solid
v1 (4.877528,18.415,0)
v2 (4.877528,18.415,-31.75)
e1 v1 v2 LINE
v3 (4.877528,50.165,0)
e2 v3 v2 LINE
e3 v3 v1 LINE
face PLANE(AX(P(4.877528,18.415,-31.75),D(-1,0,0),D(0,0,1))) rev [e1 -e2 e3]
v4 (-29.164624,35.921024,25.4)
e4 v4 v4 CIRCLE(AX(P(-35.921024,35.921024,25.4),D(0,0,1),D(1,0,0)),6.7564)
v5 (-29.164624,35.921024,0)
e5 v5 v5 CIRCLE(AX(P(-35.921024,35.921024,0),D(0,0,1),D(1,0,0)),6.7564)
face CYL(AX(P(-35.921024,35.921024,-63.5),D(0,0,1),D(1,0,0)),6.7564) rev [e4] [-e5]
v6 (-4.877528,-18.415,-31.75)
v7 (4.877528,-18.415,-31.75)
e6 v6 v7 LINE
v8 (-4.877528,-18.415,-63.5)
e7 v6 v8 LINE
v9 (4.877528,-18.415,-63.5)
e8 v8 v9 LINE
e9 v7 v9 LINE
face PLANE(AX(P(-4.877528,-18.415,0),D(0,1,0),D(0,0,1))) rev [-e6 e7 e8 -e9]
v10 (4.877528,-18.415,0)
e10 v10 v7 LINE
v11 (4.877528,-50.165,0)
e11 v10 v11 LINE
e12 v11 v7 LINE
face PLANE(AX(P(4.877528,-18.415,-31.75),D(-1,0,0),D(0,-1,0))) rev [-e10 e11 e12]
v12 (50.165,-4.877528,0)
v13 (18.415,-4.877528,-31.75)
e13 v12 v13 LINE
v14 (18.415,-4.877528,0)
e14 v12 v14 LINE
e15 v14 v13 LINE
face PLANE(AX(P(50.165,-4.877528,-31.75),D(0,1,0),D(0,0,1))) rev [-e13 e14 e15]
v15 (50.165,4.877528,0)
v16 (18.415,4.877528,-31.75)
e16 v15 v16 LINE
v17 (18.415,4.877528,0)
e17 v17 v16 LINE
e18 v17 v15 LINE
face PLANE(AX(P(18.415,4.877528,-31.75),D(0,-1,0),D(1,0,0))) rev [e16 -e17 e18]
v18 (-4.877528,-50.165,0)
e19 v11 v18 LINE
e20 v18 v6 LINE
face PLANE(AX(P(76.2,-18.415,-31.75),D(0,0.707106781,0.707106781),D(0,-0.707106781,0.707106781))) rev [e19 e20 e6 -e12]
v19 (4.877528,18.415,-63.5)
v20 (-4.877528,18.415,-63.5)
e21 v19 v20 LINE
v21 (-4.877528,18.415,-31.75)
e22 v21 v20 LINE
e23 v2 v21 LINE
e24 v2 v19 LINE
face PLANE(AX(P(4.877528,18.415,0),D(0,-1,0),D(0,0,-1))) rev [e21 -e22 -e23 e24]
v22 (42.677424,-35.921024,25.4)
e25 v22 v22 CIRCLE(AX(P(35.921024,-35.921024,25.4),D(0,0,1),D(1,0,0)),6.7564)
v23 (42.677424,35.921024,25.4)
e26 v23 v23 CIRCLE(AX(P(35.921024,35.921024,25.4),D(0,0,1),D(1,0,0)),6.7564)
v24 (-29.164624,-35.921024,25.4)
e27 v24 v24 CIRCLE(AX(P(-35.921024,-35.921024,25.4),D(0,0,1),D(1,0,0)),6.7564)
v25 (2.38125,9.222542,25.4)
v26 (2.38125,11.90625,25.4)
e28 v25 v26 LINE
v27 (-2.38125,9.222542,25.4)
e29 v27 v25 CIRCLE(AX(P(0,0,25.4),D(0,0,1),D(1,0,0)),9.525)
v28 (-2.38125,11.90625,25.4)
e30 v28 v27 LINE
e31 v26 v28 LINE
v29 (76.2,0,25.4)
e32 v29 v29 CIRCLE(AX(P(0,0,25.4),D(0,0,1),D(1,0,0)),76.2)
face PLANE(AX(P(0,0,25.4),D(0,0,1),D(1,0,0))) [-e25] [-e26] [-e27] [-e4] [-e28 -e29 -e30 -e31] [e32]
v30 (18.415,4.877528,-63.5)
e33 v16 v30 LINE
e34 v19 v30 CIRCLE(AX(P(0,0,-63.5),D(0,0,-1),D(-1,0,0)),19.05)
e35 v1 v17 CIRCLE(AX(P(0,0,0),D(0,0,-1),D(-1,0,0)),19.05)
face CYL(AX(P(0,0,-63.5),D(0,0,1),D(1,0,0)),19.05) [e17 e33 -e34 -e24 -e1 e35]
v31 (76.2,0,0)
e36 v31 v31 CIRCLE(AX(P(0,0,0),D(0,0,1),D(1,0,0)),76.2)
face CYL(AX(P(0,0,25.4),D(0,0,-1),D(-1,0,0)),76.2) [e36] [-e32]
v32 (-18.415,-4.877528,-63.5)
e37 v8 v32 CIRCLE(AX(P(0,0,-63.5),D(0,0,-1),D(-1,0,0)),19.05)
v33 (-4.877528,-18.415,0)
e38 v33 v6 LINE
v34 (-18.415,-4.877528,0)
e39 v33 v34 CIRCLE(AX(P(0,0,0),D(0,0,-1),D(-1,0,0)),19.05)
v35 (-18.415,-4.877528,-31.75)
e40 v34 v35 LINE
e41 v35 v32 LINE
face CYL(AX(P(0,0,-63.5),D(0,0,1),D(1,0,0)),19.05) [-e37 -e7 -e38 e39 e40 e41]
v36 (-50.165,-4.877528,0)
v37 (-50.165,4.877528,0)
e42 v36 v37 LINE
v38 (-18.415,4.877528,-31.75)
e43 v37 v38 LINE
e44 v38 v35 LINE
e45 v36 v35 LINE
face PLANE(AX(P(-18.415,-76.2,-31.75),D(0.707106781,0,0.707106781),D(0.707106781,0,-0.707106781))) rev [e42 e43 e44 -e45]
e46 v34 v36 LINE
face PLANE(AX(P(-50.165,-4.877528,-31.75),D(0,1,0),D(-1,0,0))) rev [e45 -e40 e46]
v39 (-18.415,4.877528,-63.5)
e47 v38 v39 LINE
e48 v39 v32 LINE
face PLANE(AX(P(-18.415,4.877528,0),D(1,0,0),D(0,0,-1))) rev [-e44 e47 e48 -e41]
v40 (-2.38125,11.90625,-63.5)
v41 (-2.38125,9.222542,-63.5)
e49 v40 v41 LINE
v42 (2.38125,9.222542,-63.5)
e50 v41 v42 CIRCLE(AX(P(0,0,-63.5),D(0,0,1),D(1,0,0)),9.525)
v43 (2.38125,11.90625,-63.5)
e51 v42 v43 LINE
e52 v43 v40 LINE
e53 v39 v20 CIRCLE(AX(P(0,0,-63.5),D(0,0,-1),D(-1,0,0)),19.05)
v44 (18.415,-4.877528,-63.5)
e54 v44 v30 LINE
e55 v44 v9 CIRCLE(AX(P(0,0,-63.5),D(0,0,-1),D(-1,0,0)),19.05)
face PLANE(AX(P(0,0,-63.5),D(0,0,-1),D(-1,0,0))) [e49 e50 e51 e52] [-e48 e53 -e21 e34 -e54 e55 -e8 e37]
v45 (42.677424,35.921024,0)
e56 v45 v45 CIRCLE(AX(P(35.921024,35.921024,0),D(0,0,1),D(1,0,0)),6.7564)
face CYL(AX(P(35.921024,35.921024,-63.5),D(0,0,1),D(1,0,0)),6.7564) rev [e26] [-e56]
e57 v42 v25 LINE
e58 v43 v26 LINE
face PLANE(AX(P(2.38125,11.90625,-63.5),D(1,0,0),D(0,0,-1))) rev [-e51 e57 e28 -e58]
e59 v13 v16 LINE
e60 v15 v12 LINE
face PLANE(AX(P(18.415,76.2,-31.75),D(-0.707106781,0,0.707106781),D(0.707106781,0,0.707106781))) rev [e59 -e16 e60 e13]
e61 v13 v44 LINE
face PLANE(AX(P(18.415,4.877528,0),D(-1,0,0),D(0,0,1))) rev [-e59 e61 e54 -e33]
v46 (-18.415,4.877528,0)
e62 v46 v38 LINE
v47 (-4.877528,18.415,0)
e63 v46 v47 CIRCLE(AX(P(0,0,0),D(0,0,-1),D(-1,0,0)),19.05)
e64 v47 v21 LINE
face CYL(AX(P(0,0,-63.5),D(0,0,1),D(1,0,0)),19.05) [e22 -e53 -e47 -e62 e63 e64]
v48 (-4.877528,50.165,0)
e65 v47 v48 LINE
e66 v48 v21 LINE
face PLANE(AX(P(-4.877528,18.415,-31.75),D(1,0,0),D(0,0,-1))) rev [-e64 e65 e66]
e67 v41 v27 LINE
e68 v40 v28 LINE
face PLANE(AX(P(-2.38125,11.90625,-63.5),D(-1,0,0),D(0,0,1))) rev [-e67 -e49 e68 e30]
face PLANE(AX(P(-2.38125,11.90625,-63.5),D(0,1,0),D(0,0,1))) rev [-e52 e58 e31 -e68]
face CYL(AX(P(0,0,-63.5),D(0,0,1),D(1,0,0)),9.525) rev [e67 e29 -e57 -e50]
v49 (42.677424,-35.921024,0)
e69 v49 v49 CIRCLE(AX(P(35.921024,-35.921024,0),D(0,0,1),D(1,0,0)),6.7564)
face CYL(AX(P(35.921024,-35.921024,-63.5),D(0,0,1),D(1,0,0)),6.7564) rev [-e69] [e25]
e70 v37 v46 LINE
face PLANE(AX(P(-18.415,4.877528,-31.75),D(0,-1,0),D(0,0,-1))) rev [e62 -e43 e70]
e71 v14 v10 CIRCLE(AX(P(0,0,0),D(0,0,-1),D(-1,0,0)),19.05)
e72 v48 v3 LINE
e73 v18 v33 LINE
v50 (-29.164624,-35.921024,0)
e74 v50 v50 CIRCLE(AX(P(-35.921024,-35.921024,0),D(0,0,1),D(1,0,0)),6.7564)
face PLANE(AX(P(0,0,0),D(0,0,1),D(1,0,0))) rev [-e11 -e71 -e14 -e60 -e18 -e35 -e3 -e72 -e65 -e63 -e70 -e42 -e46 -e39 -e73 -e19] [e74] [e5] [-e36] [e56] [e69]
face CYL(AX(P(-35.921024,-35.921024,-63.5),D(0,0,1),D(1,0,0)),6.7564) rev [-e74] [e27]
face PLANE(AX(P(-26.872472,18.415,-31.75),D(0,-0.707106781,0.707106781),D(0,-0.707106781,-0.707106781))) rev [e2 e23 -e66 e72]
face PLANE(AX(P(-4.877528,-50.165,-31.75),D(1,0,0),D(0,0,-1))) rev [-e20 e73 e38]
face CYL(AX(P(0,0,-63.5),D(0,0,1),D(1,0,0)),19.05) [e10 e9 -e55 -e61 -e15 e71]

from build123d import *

# Parameters (mm, degrees)
SKETCH1_R            = 76.2
BOSS_EXTRUDE1_DEPTH  = 25.4
SKETCH2_R            = 19.05
BOSS_EXTRUDE2_DEPTH  = 63.5
CUT_EXTRUDE1_START   = -63.5
CUT_EXTRUDE1_DEPTH   = 63.5
SKETCH6_W            = 9.7550551
SKETCH6_H            = 31.75
BOSS_EXTRUDE7_DEPTH  = 31.75
CUT_EXTRUDE2_DEPTH   = 31.75
SKETCH8_R            = 9.525
CUT_EXTRUDE3_DEPTH   = 140.7
CUT_EXTRUDE4_DEPTH   = 140.7
SKETCH11_W           = 9.7550551
SKETCH11_H           = 31.75
BOSS_EXTRUDE8_DEPTH  = 31.75
CUT_EXTRUDE5_DEPTH   = 129.110325398
SKETCH13_W           = 31.75
SKETCH13_H           = 9.7550551
BOSS_EXTRUDE9_DEPTH  = 31.75
CUT_EXTRUDE6_DEPTH   = 129.110325398
SKETCH15_W           = 31.75
SKETCH15_H           = 9.7550551
BOSS_EXTRUDE10_DEPTH = 31.75
CUT_EXTRUDE7_DEPTH   = 129.110325398
SKETCH17_R           = 6.7564
CUT_EXTRUDE8_DEPTH   = 140.7


with BuildPart() as part:
    # Sketch1 → Boss-Extrude1 (new body)
    with BuildSketch(Plane.XY):
        Circle(SKETCH1_R)
    extrude(amount=BOSS_EXTRUDE1_DEPTH)

    # Sketch2 → Boss-Extrude2 (add)
    with BuildSketch(Plane(origin=(0, 0, 0), x_dir=(-1, 0, 0), z_dir=(0, 0, -1))):
        Circle(SKETCH2_R)
    extrude(amount=BOSS_EXTRUDE2_DEPTH)

    # Sketch4 → Cut-Extrude1 (cut)
    with BuildSketch(Plane(origin=(0, 0, -63.5), x_dir=(-1, 0, 0), z_dir=(0, 0, -1)).offset(CUT_EXTRUDE1_START)):
        with BuildLine():
            Line((-4.87752755, 18.415), (4.87752755, 18.415))
            ThreePointArc((4.87752755, 18.415), (0, 19.05), (-4.87752755, 18.415))
        make_face()
        with BuildLine():
            Line((-18.415, 4.87752755), (-18.415, -4.87752755))
            ThreePointArc((-18.415, -4.87752755), (-19.05, 0), (-18.415, 4.87752755))
        make_face()
        with BuildLine():
            Line((4.87752755, -18.415), (-4.87752755, -18.415))
            ThreePointArc((-4.87752755, -18.415), (0, -19.05), (4.87752755, -18.415))
        make_face()
        with BuildLine():
            Line((18.415, 4.87752755), (18.415, -4.87752755))
            ThreePointArc((18.415, -4.87752755), (19.05, 0), (18.415, 4.87752755))
        make_face()
    extrude(amount=CUT_EXTRUDE1_DEPTH, mode=Mode.SUBTRACT)

    # Sketch6 → Boss-Extrude7 (add)
    with BuildSketch(Plane(origin=(0, 0, 0), x_dir=(-1, 0, 0), z_dir=(0, 0, -1))):
        with Locations((0, 34.29)):
            Rectangle(SKETCH6_W, SKETCH6_H)
    extrude(amount=BOSS_EXTRUDE7_DEPTH)

    # Sketch7 → Cut-Extrude2 (cut)
    with BuildSketch(Plane(origin=(4.87752755, 0, 0), x_dir=(0, 0, -1), z_dir=(1, 0, 0))):
        Polygon((31.75, 18.415), (0, 50.165), (31.75, 50.165), align=None)
    extrude(amount=-CUT_EXTRUDE2_DEPTH, mode=Mode.SUBTRACT)

    # Sketch8 → Cut-Extrude3 (cut, through all)
    with BuildSketch(Plane.XY.offset(25.4)):
        Circle(SKETCH8_R)
    extrude(amount=-CUT_EXTRUDE3_DEPTH, mode=Mode.SUBTRACT)

    # Sketch9 → Cut-Extrude4 (cut, through all)
    with BuildSketch(Plane.XY.offset(25.4)):
        with BuildLine():
            Line((-2.38125, 11.90625), (-2.38125, 9.222541593))
            ThreePointArc((-2.38125, 9.222541593), (0, 9.525), (2.38125, 9.222541593))
            Line((2.38125, 9.222541593), (2.38125, 11.90625))
            Line((2.38125, 11.90625), (-2.38125, 11.90625))
        make_face()
    extrude(amount=-CUT_EXTRUDE4_DEPTH, mode=Mode.SUBTRACT)

    # Sketch11 → Boss-Extrude8 (add)
    with BuildSketch(Plane(origin=(0, 0, 0), x_dir=(-1, 0, 0), z_dir=(0, 0, -1))):
        with Locations((0, -34.29)):
            Rectangle(SKETCH11_W, SKETCH11_H)
    extrude(amount=BOSS_EXTRUDE8_DEPTH)

    # Sketch12 → Cut-Extrude5 (cut, through all)
    with BuildSketch(Plane.ZY.offset(4.87752755)):
        Polygon((-31.75, -18.415), (0, -50.165), (-31.75, -50.165), align=None)
    extrude(amount=-CUT_EXTRUDE5_DEPTH, mode=Mode.SUBTRACT)

    # Sketch13 → Boss-Extrude9 (add)
    with BuildSketch(Plane(origin=(0, 0, 0), x_dir=(-1, 0, 0), z_dir=(0, 0, -1))):
        with Locations((34.29, 0)):
            Rectangle(SKETCH13_W, SKETCH13_H)
    extrude(amount=BOSS_EXTRUDE9_DEPTH)

    # Sketch14 → Cut-Extrude6 (cut, through all)
    with BuildSketch(Plane(origin=(0, 4.87752755, 0), x_dir=(1, 0, 0), z_dir=(0, 1, 0))):
        Polygon((-18.415, 31.75), (-50.165, 0), (-50.165, 31.75), align=None)
    extrude(amount=-CUT_EXTRUDE6_DEPTH, mode=Mode.SUBTRACT)

    # Sketch15 → Boss-Extrude10 (add)
    with BuildSketch(Plane(origin=(0, 0, 0), x_dir=(-1, 0, 0), z_dir=(0, 0, -1))):
        with Locations((-34.29, 0)):
            Rectangle(SKETCH15_W, SKETCH15_H)
    extrude(amount=BOSS_EXTRUDE10_DEPTH)

    # Sketch16 → Cut-Extrude7 (cut, through all)
    with BuildSketch(Plane.XZ.offset(4.87752755)):
        Polygon((18.415, -31.75), (50.165, 0), (50.165, -31.75), align=None)
    extrude(amount=-CUT_EXTRUDE7_DEPTH, mode=Mode.SUBTRACT)

    # Sketch17 → Cut-Extrude8 (cut, through all)
    with BuildSketch(Plane.XY.offset(25.4)):
        with Locations((35.921024484, 35.921024484)):
            Circle(SKETCH17_R)
        with Locations((-35.921024484, -35.921024484)):
            Circle(SKETCH17_R)
        with Locations((-35.921024484, 35.921024484)):
            Circle(SKETCH17_R)
        with Locations((35.921024484, -35.921024484)):
            Circle(SKETCH17_R)
    extrude(amount=-CUT_EXTRUDE8_DEPTH, mode=Mode.SUBTRACT)


solid = part.part
